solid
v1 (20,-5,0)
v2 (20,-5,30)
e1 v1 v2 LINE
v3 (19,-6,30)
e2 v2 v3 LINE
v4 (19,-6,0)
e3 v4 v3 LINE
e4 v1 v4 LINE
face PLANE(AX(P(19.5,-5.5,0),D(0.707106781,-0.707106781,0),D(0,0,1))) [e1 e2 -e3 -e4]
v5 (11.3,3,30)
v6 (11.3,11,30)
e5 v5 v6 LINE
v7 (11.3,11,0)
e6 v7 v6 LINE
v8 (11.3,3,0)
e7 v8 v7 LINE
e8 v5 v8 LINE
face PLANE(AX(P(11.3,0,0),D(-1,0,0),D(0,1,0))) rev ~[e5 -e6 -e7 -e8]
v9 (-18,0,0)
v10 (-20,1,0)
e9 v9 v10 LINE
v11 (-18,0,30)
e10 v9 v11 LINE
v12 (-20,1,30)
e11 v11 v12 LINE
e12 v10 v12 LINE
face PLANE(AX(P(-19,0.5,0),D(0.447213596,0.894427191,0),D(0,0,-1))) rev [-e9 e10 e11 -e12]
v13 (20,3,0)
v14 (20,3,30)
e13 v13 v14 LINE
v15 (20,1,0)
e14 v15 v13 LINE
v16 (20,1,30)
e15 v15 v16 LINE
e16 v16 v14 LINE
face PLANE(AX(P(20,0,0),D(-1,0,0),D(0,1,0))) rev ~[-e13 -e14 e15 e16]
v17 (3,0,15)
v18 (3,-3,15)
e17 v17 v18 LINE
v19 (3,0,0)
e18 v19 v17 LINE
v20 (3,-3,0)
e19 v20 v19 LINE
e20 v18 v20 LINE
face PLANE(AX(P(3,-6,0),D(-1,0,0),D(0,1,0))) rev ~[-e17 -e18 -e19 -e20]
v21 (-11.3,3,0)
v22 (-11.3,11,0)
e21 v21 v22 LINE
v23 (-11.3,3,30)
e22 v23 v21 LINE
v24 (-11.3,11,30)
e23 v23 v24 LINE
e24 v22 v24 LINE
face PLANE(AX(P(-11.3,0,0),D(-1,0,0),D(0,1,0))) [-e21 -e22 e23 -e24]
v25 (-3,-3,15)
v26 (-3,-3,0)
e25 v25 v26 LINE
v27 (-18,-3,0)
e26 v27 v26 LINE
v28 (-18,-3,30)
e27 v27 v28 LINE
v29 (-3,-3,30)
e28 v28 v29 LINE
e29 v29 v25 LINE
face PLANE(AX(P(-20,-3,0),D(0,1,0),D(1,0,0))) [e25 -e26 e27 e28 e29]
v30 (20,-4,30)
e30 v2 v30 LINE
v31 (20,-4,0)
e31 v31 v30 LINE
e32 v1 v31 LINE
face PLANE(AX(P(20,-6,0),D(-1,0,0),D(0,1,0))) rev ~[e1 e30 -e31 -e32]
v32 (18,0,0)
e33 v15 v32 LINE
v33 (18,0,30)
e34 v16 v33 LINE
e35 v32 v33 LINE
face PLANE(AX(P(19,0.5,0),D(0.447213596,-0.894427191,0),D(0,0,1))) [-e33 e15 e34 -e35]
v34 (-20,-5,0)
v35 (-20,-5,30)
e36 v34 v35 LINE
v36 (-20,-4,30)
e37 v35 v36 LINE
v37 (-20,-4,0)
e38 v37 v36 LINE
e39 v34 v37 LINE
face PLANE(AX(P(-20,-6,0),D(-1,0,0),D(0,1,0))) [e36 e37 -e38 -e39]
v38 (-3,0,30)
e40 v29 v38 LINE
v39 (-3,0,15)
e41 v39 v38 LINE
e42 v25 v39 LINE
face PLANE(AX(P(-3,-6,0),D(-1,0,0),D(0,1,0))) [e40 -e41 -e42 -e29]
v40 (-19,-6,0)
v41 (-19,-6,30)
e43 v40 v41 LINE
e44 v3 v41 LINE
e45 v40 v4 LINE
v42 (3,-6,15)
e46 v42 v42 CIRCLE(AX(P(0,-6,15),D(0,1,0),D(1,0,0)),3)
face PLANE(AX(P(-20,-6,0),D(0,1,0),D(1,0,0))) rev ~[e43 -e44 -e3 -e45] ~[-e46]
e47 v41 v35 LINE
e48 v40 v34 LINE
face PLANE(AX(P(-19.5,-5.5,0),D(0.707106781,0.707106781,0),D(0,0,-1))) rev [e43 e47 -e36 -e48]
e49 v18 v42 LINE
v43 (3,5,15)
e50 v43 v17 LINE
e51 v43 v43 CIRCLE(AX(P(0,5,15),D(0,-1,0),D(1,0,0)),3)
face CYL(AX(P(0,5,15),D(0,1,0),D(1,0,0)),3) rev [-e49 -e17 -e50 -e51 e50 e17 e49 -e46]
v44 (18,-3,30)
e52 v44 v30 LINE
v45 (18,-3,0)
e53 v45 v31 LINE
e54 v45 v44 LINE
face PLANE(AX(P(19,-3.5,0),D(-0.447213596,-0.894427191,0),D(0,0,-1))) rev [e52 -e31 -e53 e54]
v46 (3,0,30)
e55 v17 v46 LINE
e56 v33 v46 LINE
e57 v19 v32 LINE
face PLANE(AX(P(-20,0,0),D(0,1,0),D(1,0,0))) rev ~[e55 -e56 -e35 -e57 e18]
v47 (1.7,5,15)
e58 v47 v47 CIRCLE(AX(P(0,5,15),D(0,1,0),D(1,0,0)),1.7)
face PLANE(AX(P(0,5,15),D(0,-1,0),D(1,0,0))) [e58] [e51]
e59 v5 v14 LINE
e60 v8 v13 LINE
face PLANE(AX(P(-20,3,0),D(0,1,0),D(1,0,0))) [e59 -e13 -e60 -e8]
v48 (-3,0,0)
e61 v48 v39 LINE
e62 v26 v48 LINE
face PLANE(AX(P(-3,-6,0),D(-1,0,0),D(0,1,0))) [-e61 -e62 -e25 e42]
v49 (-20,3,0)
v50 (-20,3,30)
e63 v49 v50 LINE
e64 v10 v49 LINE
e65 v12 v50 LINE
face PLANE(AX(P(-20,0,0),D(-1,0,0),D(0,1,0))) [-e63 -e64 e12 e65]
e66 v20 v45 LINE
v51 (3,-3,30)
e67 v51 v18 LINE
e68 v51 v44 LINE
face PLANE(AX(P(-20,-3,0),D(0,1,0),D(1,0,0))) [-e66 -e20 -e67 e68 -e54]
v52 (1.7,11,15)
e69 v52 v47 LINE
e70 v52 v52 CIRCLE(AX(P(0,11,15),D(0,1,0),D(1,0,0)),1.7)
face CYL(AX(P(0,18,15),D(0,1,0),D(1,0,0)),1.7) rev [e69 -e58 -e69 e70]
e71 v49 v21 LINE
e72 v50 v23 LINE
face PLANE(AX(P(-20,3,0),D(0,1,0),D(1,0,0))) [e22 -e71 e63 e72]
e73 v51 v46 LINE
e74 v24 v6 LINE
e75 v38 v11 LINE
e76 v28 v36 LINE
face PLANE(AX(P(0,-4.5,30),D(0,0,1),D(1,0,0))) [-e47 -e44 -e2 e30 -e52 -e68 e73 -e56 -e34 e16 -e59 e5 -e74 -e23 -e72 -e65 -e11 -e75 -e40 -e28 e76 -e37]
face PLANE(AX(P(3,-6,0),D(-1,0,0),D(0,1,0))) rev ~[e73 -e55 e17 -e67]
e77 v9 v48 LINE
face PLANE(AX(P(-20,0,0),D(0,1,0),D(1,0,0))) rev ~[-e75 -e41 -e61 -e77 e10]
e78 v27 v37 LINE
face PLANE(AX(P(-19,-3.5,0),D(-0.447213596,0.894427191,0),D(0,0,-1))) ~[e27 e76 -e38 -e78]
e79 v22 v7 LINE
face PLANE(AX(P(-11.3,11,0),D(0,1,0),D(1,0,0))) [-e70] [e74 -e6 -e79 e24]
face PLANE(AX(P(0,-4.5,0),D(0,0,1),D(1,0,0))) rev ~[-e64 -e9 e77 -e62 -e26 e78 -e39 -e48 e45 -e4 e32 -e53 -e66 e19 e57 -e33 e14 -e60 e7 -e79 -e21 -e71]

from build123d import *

# Parameters (mm, degrees)
CYLINDER004_R      = 1.7
CYLINDER004_DEPTH  = 30
CYLINDER003_R      = 3
CYLINDER003_DEPTH  = 30
BOX012_W           = 40
BOX012_H           = 3
BOX012_DEPTH       = 30
BOX011_W           = 6
BOX011_H           = 6
BOX011_DEPTH       = 30
BOX013_W           = 40
BOX013_H           = 3
BOX013_DEPTH       = 30
BOX010_W           = 22.6
BOX010_H           = 11
BOX010_DEPTH       = 30
CHAMFER012_1_SIZE2 = 1
CHAMFER012_1_SIZE  = 2
CHAMFER012_2_SIZE2 = 1
CHAMFER012_2_SIZE  = 2
CHAMFER012_3_SIZE2 = 1
CHAMFER012_3_SIZE  = 2
CHAMFER013_SIZE2   = 2
CHAMFER013_SIZE    = 1
CHAMFER014_SIZE    = 1


with BuildPart() as cylinder004:
    # Cylinder004 → Cylinder004 (new body)
    with BuildSketch(Plane(origin=(0, 18, 15), x_dir=(1, 0, 0), z_dir=(0, -1, 0))):
        Circle(CYLINDER004_R)
    extrude(amount=CYLINDER004_DEPTH)


with BuildPart() as cylinder003:
    # Cylinder003 → Cylinder003 (new body)
    with BuildSketch(Plane(origin=(0, 5, 15), x_dir=(1, 0, 0), z_dir=(0, -1, 0))):
        Circle(CYLINDER003_R)
    extrude(amount=CYLINDER003_DEPTH)


with BuildPart() as cube012:
    # Box012 → Box012 (new body)
    with BuildSketch(Plane(origin=(-20, 0, 0), x_dir=(1, 0, 0), z_dir=(0, 0, 1))):
        with Locations((20, 1.5)):
            Rectangle(BOX012_W, BOX012_H)
    extrude(amount=BOX012_DEPTH)


with BuildPart() as cube011:
    # Box011 → Box011 (new body)
    with BuildSketch(Plane(origin=(-3, -6, 0), x_dir=(1, 0, 0), z_dir=(0, 0, 1))):
        with Locations((3, 3)):
            Rectangle(BOX011_W, BOX011_H)
    extrude(amount=BOX011_DEPTH)


with BuildPart() as cube013:
    # Box013 → Box013 (new body)
    with BuildSketch(Plane(origin=(-20, -6, 0), x_dir=(1, 0, 0), z_dir=(0, 0, 1))):
        with Locations((20, 1.5)):
            Rectangle(BOX013_W, BOX013_H)
    extrude(amount=BOX013_DEPTH)


with BuildPart() as ckip_back_mid:
    # Box010 → Box010 (new body)
    with BuildSketch(Plane(origin=(-11.3, 0, 0), x_dir=(1, 0, 0), z_dir=(0, 0, 1))):
        with Locations((11.3, 5.5)):
            Rectangle(BOX010_W, BOX010_H)
    extrude(amount=BOX010_DEPTH)

    # Fusion005: union Cube012, Cube011, Cube013
    add(cube012.part)
    add(cube011.part)
    add(cube013.part)

    # Chamfer012 1
    chamfer012_1_edges = [ckip_back_mid.edges().sort_by_distance(p)[0] for p in [
        (-20, -3, 15),
    ]]
    chamfer012_1_side = ckip_back_mid.faces().sort_by_distance((-11.5, -3, 15))[0]
    chamfer(chamfer012_1_edges, length=CHAMFER012_1_SIZE, length2=CHAMFER012_1_SIZE2, reference=chamfer012_1_side)

    # Chamfer012 2
    chamfer012_2_edges = [ckip_back_mid.edges().sort_by_distance(p)[0] for p in [
        (20, -3, 15),
    ]]
    chamfer012_2_side = ckip_back_mid.faces().sort_by_distance((11.5, -3, 15))[0]
    chamfer(chamfer012_2_edges, length=CHAMFER012_2_SIZE, length2=CHAMFER012_2_SIZE2, reference=chamfer012_2_side)

    # Chamfer012 3
    chamfer012_3_edges = [ckip_back_mid.edges().sort_by_distance(p)[0] for p in [
        (-20, 0, 15),
    ]]
    chamfer012_3_side = ckip_back_mid.faces().sort_by_distance((-15.65, 0, 15))[0]
    chamfer(chamfer012_3_edges, length=CHAMFER012_3_SIZE, length2=CHAMFER012_3_SIZE2, reference=chamfer012_3_side)

    # Chamfer013
    chamfer013_edges = [ckip_back_mid.edges().sort_by_distance(p)[0] for p in [
        (20, 0, 15),
    ]]
    chamfer013_side = ckip_back_mid.faces().sort_by_distance((20, 1.5, 15))[0]
    chamfer(chamfer013_edges, length=CHAMFER013_SIZE, length2=CHAMFER013_SIZE2, reference=chamfer013_side)

    # Chamfer014
    chamfer014_edges = [ckip_back_mid.edges().sort_by_distance(p)[0] for p in [
        (-20, -6, 15),
        (20, -6, 15),
    ]]
    chamfer(chamfer014_edges, length=CHAMFER014_SIZE)

    # Cut006: cut Cylinder003
    add(cylinder003.part, mode=Mode.SUBTRACT)

    # Cut007: cut Cylinder004
    add(cylinder004.part, mode=Mode.SUBTRACT)


solid = ckip_back_mid.part
